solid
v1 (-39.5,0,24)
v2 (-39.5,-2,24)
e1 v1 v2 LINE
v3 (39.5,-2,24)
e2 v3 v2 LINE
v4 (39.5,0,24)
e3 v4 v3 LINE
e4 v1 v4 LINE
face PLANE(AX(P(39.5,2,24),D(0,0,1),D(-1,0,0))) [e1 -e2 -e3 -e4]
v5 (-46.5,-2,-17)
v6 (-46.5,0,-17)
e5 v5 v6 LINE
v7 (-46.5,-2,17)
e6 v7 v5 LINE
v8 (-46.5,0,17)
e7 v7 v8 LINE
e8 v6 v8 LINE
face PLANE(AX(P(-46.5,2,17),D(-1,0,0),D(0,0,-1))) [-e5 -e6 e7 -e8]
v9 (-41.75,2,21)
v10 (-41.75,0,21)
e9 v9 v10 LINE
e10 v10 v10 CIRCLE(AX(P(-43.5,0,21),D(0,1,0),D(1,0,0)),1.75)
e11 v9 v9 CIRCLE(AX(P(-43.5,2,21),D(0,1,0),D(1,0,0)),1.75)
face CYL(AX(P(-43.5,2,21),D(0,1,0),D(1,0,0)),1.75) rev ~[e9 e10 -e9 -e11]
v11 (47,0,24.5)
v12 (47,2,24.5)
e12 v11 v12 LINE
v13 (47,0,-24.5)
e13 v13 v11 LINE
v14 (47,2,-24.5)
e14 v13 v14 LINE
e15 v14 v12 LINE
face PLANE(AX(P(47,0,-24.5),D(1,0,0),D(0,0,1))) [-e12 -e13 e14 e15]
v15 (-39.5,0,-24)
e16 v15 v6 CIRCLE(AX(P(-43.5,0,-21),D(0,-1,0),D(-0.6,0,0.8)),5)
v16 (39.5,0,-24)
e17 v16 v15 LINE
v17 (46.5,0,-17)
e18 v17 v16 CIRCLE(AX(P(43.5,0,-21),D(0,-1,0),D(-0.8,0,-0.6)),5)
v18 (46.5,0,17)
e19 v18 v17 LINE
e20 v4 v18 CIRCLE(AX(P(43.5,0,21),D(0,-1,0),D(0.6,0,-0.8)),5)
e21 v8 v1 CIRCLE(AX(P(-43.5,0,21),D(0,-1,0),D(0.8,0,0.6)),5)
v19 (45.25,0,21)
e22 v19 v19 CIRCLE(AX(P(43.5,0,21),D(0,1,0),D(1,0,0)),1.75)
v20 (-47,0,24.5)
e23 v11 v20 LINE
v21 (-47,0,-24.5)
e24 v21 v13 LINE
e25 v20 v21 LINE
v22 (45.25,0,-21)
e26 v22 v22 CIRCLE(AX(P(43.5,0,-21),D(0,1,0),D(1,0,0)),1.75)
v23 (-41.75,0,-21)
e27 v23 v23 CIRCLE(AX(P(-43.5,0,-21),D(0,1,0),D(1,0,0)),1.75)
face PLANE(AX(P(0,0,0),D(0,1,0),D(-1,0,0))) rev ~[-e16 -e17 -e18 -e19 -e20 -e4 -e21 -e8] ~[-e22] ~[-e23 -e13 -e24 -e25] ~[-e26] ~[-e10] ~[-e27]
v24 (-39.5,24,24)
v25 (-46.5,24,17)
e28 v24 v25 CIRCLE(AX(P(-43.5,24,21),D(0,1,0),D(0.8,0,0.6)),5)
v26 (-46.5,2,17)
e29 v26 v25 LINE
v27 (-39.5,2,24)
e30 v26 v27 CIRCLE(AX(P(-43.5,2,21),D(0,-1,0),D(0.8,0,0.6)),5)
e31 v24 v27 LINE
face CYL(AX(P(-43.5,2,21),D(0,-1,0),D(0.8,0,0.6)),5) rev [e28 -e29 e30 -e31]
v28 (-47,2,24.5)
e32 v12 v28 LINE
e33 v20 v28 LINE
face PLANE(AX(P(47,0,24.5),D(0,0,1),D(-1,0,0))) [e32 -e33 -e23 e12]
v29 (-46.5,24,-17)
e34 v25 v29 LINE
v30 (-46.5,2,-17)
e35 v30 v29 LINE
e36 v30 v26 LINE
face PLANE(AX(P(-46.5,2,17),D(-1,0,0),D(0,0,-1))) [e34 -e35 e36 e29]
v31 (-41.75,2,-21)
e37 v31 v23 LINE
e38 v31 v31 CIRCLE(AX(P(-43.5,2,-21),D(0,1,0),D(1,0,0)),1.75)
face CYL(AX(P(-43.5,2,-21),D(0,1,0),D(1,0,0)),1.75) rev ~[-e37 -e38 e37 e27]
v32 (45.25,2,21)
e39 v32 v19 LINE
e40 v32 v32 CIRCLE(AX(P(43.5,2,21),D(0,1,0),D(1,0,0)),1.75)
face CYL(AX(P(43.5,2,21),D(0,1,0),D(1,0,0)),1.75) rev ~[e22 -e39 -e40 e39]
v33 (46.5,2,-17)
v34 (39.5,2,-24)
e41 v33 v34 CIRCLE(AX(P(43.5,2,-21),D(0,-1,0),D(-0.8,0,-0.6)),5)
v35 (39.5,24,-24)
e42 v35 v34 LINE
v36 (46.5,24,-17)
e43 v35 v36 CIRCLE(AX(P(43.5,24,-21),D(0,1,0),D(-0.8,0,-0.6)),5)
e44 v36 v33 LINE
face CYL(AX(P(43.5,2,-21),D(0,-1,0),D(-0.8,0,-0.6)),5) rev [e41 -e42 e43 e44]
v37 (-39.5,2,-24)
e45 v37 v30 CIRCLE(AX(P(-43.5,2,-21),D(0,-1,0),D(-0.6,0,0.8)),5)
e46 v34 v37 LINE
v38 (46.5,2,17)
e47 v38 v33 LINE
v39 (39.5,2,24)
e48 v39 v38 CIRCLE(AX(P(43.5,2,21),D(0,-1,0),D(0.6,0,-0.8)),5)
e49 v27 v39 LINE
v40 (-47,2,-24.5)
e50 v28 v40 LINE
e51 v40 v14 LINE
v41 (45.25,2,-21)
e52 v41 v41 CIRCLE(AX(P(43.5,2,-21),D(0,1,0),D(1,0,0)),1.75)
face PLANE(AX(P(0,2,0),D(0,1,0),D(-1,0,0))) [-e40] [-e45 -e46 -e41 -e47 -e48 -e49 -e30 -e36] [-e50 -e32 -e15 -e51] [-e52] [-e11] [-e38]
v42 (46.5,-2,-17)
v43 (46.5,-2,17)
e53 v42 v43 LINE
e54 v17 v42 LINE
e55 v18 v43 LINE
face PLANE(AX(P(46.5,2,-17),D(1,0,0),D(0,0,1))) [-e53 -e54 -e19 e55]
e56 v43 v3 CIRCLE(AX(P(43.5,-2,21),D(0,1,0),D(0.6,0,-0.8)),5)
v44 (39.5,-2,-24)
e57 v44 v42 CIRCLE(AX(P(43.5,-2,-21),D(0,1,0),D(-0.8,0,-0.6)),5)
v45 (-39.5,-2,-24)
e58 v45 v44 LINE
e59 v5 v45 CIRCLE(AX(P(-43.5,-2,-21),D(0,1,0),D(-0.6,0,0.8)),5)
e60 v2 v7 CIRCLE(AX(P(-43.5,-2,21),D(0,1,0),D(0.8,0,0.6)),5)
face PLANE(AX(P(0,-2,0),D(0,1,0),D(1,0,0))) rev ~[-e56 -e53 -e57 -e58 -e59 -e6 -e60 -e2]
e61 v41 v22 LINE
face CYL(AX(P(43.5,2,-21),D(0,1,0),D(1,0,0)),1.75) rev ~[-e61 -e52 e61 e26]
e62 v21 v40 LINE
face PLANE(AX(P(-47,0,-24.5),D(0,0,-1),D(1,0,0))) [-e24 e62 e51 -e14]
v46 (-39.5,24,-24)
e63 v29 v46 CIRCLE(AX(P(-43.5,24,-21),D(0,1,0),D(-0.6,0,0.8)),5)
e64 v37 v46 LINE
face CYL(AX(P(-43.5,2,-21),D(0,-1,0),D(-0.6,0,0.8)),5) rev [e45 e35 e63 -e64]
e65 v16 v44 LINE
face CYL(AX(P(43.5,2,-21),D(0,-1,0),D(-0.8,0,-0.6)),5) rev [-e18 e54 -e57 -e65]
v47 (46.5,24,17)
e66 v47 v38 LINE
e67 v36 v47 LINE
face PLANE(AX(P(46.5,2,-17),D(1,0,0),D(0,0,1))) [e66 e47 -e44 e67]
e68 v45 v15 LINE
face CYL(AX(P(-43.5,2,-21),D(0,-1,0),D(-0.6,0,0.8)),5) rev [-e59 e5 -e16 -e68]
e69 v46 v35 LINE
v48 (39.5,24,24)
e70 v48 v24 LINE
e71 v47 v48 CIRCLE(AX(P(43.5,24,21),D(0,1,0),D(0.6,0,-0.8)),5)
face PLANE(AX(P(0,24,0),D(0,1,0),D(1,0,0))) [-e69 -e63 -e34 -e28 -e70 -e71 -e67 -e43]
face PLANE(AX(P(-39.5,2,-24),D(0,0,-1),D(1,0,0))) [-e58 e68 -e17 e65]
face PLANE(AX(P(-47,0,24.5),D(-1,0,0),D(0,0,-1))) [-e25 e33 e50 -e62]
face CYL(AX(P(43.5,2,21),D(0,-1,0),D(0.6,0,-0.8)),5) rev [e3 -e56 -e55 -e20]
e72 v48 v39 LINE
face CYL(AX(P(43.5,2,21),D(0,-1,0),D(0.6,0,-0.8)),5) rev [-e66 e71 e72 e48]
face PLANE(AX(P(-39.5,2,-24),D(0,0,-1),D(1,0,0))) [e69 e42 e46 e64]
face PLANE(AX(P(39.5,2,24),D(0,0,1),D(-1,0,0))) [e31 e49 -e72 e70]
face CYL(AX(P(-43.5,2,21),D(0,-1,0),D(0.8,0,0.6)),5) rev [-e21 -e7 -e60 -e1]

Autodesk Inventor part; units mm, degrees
ref_plane "YZ Plane" through (0, 0, 0) normal (1, 0, 0) x (0, 1, 0)
ref_plane "XZ Plane" through (0, 0, 0) normal (0, 1, 0) x (-1, 0, 0)
ref_plane "XY Plane" through (0, 0, 0) normal (0, 0, 1) x (1, 0, 0)
sketch "Skizze1" plane through (0, 0, 0) normal (0, 1, 0) x (-1, 0, 0)
  line L0 (47, -24.5) -> (-47, -24.5)
  line L1 (-47, -24.5) -> (-47, 24.5)
  line L2 (-47, 24.5) -> (47, 24.5)
  line L3 (47, 24.5) -> (47, -24.5)
  point P0 (0, 0)
  point P1 (0, -24.5)
  point P2 (47, 0)
  dimension "d0" = 49
  dimension "d1" = 94
extrude "Extrusion1" add sketch "Skizze1" along normal blind 2
sketch "Skizze2" plane through (0, 2, 0) normal (0, 1, 0) x (1, 0, 0)
  circle A0 centre (-43.5, 21) radius 1.75
  circle A1 centre (-43.5, -21) radius 1.75
  circle A2 centre (43.5, -21) radius 1.75
  circle A3 centre (43.5, 21) radius 1.75
  point P0 (0, 0)
  dimension "d4" = 3.5
  dimension "d5" = 3.5
  dimension "d6" = 3.5
  dimension "d7" = 3.5
  dimension "d8" = 87
  dimension "d9" = 43.5
  dimension "d10" = 42
  dimension "d11" = 21
extrude "Extrusion2" cut sketch "Skizze2" against normal through all
sketch "Skizze4" plane through (0, 2, 0) normal (0, 1, 0) x (1, 0, 0)
  line L0 (-39.5, 24) -> (39.5, 24)
  line L1 (46.5, 17) -> (46.5, -17)
  line L2 (39.5, -24) -> (-39.5, -24)
  line L3 (-46.5, -17) -> (-46.5, 17)
  line L4 (47, -24.5) -> (47, 24.5) projected
  line L5 (47, 24.5) -> (-47, 24.5) projected
  line L6 (-47, -24.5) -> (47, -24.5) projected
  line L7 (-47, 24.5) -> (-47, -24.5) projected
  circle A0 centre (-43.5, 21) radius 1.75 projected
  arc A1 (-46.5, 17) -> (-39.5, 24) centre (-43.5, 21) ccw
  circle A2 centre (-43.5, -21) radius 1.75 projected
  arc A3 (-39.5, -24) -> (-46.5, -17) centre (-43.5, -21) ccw
  circle A4 centre (43.5, -21) radius 1.75 projected
  arc A5 (46.5, -17) -> (39.5, -24) centre (43.5, -21) ccw
  arc A6 (39.5, 24) -> (46.5, 17) centre (43.5, 21) ccw
  circle A7 centre (43.5, 21) radius 1.75 projected
  point P0 (0, 0)
  dimension "d14" = 0.5
  dimension "d15" = 0.5
  dimension "d16" = 0.5
  dimension "d17" = 0.5
  dimension "d19" = 5
  dimension "d20" = 5
  dimension "d21" = 5
  dimension "d22" = 5
extrude "Extrusion3" add sketch "Skizze4" along normal blind 22 and the other way blind 4 contours L0 A6 L1 A5 L2 A3 L3 A1
equation "\"d9\" = 0.5 * d8"
equation "\"d11\" = 0.5 * d10"
equation "\"d14\" = d15"
equation "\"d16\" = d15"
equation "\"d17\" = d15"
equation "\"d19\" = d20"
equation "\"d21\" = d20"
equation "\"d22\" = d20"
properties part number "netzteil_3.3V"
